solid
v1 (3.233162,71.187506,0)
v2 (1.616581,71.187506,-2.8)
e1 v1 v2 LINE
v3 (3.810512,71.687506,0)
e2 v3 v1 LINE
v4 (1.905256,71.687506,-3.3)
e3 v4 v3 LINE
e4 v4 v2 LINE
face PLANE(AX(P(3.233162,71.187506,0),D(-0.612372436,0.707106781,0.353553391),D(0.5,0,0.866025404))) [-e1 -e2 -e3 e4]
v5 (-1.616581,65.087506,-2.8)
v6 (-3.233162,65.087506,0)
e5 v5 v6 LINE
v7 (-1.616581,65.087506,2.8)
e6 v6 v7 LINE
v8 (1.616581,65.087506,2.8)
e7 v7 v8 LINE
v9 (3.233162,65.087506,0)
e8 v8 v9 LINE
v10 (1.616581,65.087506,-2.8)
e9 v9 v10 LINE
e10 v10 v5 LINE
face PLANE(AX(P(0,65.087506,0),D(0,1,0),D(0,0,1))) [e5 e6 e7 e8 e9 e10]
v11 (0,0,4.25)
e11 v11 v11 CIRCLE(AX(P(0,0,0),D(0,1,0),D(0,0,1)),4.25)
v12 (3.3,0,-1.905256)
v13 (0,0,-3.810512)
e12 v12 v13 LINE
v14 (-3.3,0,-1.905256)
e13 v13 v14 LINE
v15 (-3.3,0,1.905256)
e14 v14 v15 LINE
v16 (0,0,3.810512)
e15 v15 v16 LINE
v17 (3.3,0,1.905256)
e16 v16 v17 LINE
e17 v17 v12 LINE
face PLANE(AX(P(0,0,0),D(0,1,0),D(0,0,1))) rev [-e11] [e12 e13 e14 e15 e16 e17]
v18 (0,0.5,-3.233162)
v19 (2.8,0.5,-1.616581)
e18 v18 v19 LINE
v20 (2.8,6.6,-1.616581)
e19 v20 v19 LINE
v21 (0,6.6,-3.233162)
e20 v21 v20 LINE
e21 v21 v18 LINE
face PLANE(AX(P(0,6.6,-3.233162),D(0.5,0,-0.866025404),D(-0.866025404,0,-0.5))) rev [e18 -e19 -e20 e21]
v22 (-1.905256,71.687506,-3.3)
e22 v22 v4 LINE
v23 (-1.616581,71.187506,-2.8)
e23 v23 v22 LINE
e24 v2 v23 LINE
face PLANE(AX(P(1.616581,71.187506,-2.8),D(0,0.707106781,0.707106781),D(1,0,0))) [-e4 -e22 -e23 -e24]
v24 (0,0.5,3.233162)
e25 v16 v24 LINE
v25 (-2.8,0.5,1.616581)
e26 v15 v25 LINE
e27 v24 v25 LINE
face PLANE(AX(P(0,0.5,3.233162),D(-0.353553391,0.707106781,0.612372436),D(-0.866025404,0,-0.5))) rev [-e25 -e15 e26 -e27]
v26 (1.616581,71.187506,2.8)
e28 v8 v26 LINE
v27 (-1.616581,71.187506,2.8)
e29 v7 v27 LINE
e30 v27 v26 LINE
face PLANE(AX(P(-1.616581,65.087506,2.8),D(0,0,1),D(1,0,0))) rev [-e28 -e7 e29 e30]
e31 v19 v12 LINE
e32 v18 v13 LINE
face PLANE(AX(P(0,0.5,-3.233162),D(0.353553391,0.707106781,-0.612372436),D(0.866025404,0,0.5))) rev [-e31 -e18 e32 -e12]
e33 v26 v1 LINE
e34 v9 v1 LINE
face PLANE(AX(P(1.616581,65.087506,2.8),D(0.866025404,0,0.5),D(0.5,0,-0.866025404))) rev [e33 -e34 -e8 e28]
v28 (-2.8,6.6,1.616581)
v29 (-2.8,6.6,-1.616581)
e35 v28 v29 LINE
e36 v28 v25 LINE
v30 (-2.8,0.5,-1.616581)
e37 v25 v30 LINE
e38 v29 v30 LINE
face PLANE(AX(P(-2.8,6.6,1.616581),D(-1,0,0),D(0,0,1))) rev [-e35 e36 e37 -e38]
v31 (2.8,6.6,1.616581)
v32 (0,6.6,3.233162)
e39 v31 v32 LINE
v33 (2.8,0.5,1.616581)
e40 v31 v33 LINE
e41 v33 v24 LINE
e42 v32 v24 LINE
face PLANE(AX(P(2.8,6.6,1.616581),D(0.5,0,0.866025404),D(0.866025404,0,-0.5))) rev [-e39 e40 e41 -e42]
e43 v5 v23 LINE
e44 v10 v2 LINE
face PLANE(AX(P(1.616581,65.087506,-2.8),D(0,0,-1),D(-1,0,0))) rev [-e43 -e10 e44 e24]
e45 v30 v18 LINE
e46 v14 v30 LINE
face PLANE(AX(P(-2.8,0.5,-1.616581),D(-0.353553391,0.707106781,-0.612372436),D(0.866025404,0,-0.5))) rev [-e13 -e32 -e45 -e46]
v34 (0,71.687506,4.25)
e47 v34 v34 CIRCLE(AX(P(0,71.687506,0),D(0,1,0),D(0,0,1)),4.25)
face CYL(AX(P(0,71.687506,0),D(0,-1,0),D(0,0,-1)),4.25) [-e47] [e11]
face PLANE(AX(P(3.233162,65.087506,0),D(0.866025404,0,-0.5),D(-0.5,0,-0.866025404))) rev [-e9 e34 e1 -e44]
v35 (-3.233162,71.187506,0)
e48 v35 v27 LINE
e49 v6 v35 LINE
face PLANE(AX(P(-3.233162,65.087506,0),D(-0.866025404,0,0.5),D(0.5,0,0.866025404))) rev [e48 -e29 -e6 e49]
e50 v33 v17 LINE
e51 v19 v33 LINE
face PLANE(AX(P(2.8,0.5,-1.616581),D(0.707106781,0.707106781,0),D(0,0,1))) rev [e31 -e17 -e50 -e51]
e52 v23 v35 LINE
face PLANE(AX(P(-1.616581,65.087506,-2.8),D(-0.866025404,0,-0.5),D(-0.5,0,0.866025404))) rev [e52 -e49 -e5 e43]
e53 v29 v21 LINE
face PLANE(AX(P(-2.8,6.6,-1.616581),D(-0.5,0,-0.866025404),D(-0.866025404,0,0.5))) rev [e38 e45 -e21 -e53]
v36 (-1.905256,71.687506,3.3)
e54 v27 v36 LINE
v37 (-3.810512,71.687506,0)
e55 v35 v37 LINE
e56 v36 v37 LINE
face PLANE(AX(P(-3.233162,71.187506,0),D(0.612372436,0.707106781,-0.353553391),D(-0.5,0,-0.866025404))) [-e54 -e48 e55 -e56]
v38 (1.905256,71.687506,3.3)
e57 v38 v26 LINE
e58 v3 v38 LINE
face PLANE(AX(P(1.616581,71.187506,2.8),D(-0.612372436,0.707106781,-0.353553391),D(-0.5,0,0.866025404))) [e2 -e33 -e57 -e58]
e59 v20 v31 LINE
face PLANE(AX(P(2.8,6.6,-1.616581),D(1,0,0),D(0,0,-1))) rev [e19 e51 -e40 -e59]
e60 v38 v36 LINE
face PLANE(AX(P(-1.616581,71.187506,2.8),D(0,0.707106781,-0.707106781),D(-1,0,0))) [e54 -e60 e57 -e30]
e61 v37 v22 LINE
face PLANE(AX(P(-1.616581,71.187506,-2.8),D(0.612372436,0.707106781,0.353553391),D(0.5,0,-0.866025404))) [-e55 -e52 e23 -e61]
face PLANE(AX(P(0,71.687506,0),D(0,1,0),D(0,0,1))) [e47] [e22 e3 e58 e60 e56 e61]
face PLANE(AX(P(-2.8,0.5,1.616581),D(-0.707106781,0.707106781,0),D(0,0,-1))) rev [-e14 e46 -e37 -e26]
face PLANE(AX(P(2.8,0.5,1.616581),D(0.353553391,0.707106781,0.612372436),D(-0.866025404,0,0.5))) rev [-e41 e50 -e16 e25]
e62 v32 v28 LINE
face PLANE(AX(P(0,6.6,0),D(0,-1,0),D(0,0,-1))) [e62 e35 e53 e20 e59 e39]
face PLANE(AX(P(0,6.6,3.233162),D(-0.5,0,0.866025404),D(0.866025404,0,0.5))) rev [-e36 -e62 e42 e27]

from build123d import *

# Parameters (mm, degrees)
SKETCH1_R           = 4.25
BOSS_EXTRUDE1_DEPTH = 71.68750559
CUT_EXTRUDE1_DEPTH  = 6.6
CHAMFER1_SIZE       = 0.5
CUT_EXTRUDE2_DEPTH  = 6.6
CHAMFER2_SIZE       = 0.5


with BuildPart() as part:
    # Sketch1 → Boss-Extrude1 (new body)
    with BuildSketch(Plane(origin=(0, 0, 0), x_dir=(1, 0, 0), z_dir=(0, 1, 0))):
        Circle(SKETCH1_R)
    extrude(amount=BOSS_EXTRUDE1_DEPTH)

    # Sketch2 → Cut-Extrude1 (cut)
    with BuildSketch(Plane(origin=(0, 71.68750559, 0), x_dir=(1, 0, 0), z_dir=(0, 1, 0))):
        Polygon((1.616580754, 2.8), (-1.616580754, 2.8), (-3.233161507, 0), (-1.616580754, -2.8), (1.616580754, -2.8), (3.233161507, 0), align=None)
    extrude(amount=-CUT_EXTRUDE1_DEPTH, mode=Mode.SUBTRACT)

    # Chamfer1
    chamfer1_edges = [part.edges().sort_by_distance(p)[0] for p in [
        (2.424871131, 71.68750559, -1.4),
        (0, 71.68750559, -2.8),
        (-2.424871131, 71.68750559, -1.4),
        (-2.424871131, 71.68750559, 1.4),
        (0, 71.68750559, 2.8),
        (2.424871131, 71.68750559, 1.4),
    ]]
    chamfer(chamfer1_edges, length=CHAMFER1_SIZE)

    # Sketch3 → Cut-Extrude2 (cut)
    with BuildSketch(Plane.XZ):
        Polygon((0, 3.233161507), (-2.8, 1.616580754), (-2.8, -1.616580754), (0, -3.233161507), (2.8, -1.616580754), (2.8, 1.616580754), align=None)
    extrude(amount=-CUT_EXTRUDE2_DEPTH, mode=Mode.SUBTRACT)

    # Chamfer2
    chamfer2_edges = [part.edges().sort_by_distance(p)[0] for p in [
        (1.4, 0, 2.424871131),
        (-1.4, 0, 2.424871131),
        (-2.8, 0, 0),
        (-1.4, 0, -2.424871131),
        (1.4, 0, -2.424871131),
        (2.8, 0, 0),
    ]]
    chamfer(chamfer2_edges, length=CHAMFER2_SIZE)


solid = part.part
